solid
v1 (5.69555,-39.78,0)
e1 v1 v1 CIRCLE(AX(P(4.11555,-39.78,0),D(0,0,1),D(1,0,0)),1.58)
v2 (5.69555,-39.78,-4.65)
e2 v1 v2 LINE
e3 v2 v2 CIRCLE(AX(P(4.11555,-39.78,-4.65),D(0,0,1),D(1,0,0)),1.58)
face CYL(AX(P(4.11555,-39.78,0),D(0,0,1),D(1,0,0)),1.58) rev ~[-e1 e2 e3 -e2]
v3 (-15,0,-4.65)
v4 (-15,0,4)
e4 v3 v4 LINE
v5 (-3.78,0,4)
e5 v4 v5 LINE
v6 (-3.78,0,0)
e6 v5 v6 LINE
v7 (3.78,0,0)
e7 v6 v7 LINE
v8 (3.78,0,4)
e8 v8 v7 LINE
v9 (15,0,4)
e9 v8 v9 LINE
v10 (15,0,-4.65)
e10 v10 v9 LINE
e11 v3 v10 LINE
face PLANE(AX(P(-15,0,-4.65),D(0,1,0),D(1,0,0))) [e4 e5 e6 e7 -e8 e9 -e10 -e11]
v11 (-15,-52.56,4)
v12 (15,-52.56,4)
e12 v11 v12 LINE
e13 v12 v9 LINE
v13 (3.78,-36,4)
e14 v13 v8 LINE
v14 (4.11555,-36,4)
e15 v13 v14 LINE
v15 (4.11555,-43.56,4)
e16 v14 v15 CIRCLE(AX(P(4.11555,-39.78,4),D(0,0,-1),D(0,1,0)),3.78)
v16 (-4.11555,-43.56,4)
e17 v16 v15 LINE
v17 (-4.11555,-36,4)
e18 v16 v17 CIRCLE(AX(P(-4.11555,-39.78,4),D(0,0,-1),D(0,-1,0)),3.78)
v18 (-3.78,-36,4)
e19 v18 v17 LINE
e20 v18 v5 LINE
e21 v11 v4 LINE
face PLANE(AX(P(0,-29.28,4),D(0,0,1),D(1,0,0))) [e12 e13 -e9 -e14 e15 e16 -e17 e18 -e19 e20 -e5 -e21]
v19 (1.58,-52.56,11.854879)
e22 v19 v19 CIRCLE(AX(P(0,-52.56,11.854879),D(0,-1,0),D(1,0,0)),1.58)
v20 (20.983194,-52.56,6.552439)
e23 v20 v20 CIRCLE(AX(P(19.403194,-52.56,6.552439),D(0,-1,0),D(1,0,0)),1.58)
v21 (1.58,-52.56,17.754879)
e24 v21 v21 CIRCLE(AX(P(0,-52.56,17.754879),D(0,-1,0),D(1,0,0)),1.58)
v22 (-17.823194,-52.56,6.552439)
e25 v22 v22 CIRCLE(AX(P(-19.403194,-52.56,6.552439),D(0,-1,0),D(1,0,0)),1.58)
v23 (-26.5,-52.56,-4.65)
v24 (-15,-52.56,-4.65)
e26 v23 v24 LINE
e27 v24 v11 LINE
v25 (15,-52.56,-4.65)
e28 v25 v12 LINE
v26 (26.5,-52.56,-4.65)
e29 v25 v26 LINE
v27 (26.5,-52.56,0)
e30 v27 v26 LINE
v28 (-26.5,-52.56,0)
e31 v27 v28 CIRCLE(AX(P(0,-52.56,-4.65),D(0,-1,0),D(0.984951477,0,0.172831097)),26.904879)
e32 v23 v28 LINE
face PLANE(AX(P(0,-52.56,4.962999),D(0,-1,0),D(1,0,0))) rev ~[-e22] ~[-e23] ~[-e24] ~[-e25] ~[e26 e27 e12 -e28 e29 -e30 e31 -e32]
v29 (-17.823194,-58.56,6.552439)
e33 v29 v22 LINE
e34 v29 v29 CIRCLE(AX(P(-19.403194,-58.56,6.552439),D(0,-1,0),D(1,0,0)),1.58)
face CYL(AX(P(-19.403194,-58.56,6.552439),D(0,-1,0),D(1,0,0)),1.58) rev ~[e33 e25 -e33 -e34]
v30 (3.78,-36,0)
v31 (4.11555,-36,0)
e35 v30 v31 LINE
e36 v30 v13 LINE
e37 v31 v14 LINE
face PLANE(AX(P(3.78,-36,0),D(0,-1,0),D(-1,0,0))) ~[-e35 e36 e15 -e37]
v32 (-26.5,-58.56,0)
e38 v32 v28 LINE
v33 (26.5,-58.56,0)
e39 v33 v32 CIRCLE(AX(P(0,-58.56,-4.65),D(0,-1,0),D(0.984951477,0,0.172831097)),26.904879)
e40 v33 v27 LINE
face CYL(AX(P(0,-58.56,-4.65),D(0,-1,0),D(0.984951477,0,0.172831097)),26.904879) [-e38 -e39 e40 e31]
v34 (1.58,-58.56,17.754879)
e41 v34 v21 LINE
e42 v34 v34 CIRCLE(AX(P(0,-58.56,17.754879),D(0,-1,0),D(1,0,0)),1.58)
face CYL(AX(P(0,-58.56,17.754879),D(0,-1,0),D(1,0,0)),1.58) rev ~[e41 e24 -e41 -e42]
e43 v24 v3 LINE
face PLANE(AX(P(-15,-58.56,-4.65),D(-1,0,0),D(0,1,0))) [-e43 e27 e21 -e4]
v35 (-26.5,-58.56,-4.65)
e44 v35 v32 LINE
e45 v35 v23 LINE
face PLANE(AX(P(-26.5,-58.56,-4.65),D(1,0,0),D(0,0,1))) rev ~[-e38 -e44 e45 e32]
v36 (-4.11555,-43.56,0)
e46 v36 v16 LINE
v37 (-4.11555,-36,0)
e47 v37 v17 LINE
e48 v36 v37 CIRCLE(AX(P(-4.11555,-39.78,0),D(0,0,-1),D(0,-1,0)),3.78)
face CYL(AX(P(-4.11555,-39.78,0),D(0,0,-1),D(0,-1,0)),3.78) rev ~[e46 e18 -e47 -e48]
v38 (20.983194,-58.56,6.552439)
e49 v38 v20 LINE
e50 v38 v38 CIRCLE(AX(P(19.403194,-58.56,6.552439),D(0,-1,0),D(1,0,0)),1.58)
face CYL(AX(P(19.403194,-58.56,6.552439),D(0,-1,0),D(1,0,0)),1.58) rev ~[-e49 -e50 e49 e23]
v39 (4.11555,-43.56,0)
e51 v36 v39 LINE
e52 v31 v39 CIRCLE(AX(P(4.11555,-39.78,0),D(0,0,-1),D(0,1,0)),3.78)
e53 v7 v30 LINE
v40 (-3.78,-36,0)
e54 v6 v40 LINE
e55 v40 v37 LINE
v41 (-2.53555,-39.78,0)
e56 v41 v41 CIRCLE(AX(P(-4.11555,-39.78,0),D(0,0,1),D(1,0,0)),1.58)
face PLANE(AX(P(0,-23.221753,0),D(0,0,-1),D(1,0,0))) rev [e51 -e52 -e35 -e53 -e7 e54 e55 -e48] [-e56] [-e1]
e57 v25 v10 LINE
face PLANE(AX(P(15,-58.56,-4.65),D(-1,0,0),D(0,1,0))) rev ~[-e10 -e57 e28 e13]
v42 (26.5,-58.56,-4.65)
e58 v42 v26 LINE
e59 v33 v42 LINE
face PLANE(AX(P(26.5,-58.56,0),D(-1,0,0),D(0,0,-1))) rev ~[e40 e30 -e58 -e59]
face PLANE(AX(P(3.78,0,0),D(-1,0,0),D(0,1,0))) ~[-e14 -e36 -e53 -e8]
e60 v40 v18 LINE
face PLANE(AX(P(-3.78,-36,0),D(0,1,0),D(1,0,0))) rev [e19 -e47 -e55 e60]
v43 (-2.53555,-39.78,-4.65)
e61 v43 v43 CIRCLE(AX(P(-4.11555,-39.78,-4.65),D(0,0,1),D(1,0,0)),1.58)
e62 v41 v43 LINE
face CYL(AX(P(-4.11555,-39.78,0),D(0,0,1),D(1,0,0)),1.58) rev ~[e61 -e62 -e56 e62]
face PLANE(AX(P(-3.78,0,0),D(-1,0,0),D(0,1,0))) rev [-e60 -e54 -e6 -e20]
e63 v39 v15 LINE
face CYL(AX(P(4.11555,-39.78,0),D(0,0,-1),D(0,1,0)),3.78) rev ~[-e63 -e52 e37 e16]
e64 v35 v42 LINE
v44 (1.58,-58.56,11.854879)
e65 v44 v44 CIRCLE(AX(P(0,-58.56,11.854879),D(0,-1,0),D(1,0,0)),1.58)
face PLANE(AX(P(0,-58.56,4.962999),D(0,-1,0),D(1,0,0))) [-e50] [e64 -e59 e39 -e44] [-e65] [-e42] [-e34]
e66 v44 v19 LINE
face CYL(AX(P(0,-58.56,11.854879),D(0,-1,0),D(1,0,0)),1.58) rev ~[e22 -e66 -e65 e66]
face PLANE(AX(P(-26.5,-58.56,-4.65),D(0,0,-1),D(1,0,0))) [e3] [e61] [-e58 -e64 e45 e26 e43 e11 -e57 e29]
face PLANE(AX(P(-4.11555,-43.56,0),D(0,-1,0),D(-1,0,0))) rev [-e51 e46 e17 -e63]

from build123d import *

# Parameters (mm, degrees)
PAD_DEPTH         = 4
SKETCH001_W       = 30
SKETCH001_H       = 58.56
PAD001_DEPTH      = 8.65
SKETCH002_R       = 1.58
PAD002_DEPTH      = 6
SKETCH003_R       = 1.58
POCKET_DEPTH      = 4.651
POCKET_DEPTH_BACK = 22.255879


with BuildPart() as key:
    # Sketch → Pad (new body)
    with BuildSketch(Plane.XY):
        with BuildLine():
            Line((-3.78, 0), (-3.78, 36))
            Line((-3.78, 36), (-4.11555, 36))
            ThreePointArc((-4.11555, 43.56), (-7.89555, 39.78), (-4.11555, 36))
            Line((-4.11555, 43.56), (4.11555, 43.56))
            ThreePointArc((4.11555, 36), (7.89555, 39.78), (4.11555, 43.56))
            Line((3.78, 36), (4.11555, 36))
            Line((3.78, 0), (3.78, 36))
            Line((-3.78, 0), (3.78, 0))
        make_face()
    pad = extrude(amount=PAD_DEPTH)

    # Mirrored: Pad across Sketch H_Axis
    add(pad.mirror(Plane.ZX))


with BuildPart() as cut:
    # Sketch001 → Pad001 (new body)
    with BuildSketch(Plane.XY.offset(-4.65)):
        with Locations((0, -29.28)):
            Rectangle(SKETCH001_W, SKETCH001_H)
    extrude(amount=PAD001_DEPTH)

    # Sketch002 → Pad002 (join)
    with BuildSketch(Plane.XZ.offset(58.56)):
        with BuildLine():
            ThreePointArc((26.5, 0), (0, 22.254879), (-26.5, 0))
            Line((-26.5, -2.325), (-26.5, 0))
            Line((-26.5, -4.65), (-26.5, -2.325))
            Line((-26.5, -4.65), (26.5, -4.65))
            Line((26.5, 0), (26.5, -4.65))
        make_face()
        with Locations((-19.403194, 6.552439)):
            Circle(SKETCH002_R, mode=Mode.SUBTRACT)
        with Locations((19.403194, 6.552439)):
            Circle(SKETCH002_R, mode=Mode.SUBTRACT)
        with Locations((0, 17.754879)):
            Circle(SKETCH002_R, mode=Mode.SUBTRACT)
        with Locations((0, 11.854879)):
            Circle(SKETCH002_R, mode=Mode.SUBTRACT)
    extrude(amount=-PAD002_DEPTH)

    # Sketch003 → Pocket (cut, two sides)
    with BuildSketch(Plane.XY) as pocket_sk:
        with Locations((-4.11555, -39.78)):
            Circle(SKETCH003_R)
        with Locations((4.11555, -39.78)):
            Circle(SKETCH003_R)
    extrude(amount=-POCKET_DEPTH, mode=Mode.SUBTRACT)
    extrude(pocket_sk.sketch, amount=POCKET_DEPTH_BACK, mode=Mode.SUBTRACT)

    # Cut: cut key
    add(key.part, mode=Mode.SUBTRACT)


solid = cut.part
